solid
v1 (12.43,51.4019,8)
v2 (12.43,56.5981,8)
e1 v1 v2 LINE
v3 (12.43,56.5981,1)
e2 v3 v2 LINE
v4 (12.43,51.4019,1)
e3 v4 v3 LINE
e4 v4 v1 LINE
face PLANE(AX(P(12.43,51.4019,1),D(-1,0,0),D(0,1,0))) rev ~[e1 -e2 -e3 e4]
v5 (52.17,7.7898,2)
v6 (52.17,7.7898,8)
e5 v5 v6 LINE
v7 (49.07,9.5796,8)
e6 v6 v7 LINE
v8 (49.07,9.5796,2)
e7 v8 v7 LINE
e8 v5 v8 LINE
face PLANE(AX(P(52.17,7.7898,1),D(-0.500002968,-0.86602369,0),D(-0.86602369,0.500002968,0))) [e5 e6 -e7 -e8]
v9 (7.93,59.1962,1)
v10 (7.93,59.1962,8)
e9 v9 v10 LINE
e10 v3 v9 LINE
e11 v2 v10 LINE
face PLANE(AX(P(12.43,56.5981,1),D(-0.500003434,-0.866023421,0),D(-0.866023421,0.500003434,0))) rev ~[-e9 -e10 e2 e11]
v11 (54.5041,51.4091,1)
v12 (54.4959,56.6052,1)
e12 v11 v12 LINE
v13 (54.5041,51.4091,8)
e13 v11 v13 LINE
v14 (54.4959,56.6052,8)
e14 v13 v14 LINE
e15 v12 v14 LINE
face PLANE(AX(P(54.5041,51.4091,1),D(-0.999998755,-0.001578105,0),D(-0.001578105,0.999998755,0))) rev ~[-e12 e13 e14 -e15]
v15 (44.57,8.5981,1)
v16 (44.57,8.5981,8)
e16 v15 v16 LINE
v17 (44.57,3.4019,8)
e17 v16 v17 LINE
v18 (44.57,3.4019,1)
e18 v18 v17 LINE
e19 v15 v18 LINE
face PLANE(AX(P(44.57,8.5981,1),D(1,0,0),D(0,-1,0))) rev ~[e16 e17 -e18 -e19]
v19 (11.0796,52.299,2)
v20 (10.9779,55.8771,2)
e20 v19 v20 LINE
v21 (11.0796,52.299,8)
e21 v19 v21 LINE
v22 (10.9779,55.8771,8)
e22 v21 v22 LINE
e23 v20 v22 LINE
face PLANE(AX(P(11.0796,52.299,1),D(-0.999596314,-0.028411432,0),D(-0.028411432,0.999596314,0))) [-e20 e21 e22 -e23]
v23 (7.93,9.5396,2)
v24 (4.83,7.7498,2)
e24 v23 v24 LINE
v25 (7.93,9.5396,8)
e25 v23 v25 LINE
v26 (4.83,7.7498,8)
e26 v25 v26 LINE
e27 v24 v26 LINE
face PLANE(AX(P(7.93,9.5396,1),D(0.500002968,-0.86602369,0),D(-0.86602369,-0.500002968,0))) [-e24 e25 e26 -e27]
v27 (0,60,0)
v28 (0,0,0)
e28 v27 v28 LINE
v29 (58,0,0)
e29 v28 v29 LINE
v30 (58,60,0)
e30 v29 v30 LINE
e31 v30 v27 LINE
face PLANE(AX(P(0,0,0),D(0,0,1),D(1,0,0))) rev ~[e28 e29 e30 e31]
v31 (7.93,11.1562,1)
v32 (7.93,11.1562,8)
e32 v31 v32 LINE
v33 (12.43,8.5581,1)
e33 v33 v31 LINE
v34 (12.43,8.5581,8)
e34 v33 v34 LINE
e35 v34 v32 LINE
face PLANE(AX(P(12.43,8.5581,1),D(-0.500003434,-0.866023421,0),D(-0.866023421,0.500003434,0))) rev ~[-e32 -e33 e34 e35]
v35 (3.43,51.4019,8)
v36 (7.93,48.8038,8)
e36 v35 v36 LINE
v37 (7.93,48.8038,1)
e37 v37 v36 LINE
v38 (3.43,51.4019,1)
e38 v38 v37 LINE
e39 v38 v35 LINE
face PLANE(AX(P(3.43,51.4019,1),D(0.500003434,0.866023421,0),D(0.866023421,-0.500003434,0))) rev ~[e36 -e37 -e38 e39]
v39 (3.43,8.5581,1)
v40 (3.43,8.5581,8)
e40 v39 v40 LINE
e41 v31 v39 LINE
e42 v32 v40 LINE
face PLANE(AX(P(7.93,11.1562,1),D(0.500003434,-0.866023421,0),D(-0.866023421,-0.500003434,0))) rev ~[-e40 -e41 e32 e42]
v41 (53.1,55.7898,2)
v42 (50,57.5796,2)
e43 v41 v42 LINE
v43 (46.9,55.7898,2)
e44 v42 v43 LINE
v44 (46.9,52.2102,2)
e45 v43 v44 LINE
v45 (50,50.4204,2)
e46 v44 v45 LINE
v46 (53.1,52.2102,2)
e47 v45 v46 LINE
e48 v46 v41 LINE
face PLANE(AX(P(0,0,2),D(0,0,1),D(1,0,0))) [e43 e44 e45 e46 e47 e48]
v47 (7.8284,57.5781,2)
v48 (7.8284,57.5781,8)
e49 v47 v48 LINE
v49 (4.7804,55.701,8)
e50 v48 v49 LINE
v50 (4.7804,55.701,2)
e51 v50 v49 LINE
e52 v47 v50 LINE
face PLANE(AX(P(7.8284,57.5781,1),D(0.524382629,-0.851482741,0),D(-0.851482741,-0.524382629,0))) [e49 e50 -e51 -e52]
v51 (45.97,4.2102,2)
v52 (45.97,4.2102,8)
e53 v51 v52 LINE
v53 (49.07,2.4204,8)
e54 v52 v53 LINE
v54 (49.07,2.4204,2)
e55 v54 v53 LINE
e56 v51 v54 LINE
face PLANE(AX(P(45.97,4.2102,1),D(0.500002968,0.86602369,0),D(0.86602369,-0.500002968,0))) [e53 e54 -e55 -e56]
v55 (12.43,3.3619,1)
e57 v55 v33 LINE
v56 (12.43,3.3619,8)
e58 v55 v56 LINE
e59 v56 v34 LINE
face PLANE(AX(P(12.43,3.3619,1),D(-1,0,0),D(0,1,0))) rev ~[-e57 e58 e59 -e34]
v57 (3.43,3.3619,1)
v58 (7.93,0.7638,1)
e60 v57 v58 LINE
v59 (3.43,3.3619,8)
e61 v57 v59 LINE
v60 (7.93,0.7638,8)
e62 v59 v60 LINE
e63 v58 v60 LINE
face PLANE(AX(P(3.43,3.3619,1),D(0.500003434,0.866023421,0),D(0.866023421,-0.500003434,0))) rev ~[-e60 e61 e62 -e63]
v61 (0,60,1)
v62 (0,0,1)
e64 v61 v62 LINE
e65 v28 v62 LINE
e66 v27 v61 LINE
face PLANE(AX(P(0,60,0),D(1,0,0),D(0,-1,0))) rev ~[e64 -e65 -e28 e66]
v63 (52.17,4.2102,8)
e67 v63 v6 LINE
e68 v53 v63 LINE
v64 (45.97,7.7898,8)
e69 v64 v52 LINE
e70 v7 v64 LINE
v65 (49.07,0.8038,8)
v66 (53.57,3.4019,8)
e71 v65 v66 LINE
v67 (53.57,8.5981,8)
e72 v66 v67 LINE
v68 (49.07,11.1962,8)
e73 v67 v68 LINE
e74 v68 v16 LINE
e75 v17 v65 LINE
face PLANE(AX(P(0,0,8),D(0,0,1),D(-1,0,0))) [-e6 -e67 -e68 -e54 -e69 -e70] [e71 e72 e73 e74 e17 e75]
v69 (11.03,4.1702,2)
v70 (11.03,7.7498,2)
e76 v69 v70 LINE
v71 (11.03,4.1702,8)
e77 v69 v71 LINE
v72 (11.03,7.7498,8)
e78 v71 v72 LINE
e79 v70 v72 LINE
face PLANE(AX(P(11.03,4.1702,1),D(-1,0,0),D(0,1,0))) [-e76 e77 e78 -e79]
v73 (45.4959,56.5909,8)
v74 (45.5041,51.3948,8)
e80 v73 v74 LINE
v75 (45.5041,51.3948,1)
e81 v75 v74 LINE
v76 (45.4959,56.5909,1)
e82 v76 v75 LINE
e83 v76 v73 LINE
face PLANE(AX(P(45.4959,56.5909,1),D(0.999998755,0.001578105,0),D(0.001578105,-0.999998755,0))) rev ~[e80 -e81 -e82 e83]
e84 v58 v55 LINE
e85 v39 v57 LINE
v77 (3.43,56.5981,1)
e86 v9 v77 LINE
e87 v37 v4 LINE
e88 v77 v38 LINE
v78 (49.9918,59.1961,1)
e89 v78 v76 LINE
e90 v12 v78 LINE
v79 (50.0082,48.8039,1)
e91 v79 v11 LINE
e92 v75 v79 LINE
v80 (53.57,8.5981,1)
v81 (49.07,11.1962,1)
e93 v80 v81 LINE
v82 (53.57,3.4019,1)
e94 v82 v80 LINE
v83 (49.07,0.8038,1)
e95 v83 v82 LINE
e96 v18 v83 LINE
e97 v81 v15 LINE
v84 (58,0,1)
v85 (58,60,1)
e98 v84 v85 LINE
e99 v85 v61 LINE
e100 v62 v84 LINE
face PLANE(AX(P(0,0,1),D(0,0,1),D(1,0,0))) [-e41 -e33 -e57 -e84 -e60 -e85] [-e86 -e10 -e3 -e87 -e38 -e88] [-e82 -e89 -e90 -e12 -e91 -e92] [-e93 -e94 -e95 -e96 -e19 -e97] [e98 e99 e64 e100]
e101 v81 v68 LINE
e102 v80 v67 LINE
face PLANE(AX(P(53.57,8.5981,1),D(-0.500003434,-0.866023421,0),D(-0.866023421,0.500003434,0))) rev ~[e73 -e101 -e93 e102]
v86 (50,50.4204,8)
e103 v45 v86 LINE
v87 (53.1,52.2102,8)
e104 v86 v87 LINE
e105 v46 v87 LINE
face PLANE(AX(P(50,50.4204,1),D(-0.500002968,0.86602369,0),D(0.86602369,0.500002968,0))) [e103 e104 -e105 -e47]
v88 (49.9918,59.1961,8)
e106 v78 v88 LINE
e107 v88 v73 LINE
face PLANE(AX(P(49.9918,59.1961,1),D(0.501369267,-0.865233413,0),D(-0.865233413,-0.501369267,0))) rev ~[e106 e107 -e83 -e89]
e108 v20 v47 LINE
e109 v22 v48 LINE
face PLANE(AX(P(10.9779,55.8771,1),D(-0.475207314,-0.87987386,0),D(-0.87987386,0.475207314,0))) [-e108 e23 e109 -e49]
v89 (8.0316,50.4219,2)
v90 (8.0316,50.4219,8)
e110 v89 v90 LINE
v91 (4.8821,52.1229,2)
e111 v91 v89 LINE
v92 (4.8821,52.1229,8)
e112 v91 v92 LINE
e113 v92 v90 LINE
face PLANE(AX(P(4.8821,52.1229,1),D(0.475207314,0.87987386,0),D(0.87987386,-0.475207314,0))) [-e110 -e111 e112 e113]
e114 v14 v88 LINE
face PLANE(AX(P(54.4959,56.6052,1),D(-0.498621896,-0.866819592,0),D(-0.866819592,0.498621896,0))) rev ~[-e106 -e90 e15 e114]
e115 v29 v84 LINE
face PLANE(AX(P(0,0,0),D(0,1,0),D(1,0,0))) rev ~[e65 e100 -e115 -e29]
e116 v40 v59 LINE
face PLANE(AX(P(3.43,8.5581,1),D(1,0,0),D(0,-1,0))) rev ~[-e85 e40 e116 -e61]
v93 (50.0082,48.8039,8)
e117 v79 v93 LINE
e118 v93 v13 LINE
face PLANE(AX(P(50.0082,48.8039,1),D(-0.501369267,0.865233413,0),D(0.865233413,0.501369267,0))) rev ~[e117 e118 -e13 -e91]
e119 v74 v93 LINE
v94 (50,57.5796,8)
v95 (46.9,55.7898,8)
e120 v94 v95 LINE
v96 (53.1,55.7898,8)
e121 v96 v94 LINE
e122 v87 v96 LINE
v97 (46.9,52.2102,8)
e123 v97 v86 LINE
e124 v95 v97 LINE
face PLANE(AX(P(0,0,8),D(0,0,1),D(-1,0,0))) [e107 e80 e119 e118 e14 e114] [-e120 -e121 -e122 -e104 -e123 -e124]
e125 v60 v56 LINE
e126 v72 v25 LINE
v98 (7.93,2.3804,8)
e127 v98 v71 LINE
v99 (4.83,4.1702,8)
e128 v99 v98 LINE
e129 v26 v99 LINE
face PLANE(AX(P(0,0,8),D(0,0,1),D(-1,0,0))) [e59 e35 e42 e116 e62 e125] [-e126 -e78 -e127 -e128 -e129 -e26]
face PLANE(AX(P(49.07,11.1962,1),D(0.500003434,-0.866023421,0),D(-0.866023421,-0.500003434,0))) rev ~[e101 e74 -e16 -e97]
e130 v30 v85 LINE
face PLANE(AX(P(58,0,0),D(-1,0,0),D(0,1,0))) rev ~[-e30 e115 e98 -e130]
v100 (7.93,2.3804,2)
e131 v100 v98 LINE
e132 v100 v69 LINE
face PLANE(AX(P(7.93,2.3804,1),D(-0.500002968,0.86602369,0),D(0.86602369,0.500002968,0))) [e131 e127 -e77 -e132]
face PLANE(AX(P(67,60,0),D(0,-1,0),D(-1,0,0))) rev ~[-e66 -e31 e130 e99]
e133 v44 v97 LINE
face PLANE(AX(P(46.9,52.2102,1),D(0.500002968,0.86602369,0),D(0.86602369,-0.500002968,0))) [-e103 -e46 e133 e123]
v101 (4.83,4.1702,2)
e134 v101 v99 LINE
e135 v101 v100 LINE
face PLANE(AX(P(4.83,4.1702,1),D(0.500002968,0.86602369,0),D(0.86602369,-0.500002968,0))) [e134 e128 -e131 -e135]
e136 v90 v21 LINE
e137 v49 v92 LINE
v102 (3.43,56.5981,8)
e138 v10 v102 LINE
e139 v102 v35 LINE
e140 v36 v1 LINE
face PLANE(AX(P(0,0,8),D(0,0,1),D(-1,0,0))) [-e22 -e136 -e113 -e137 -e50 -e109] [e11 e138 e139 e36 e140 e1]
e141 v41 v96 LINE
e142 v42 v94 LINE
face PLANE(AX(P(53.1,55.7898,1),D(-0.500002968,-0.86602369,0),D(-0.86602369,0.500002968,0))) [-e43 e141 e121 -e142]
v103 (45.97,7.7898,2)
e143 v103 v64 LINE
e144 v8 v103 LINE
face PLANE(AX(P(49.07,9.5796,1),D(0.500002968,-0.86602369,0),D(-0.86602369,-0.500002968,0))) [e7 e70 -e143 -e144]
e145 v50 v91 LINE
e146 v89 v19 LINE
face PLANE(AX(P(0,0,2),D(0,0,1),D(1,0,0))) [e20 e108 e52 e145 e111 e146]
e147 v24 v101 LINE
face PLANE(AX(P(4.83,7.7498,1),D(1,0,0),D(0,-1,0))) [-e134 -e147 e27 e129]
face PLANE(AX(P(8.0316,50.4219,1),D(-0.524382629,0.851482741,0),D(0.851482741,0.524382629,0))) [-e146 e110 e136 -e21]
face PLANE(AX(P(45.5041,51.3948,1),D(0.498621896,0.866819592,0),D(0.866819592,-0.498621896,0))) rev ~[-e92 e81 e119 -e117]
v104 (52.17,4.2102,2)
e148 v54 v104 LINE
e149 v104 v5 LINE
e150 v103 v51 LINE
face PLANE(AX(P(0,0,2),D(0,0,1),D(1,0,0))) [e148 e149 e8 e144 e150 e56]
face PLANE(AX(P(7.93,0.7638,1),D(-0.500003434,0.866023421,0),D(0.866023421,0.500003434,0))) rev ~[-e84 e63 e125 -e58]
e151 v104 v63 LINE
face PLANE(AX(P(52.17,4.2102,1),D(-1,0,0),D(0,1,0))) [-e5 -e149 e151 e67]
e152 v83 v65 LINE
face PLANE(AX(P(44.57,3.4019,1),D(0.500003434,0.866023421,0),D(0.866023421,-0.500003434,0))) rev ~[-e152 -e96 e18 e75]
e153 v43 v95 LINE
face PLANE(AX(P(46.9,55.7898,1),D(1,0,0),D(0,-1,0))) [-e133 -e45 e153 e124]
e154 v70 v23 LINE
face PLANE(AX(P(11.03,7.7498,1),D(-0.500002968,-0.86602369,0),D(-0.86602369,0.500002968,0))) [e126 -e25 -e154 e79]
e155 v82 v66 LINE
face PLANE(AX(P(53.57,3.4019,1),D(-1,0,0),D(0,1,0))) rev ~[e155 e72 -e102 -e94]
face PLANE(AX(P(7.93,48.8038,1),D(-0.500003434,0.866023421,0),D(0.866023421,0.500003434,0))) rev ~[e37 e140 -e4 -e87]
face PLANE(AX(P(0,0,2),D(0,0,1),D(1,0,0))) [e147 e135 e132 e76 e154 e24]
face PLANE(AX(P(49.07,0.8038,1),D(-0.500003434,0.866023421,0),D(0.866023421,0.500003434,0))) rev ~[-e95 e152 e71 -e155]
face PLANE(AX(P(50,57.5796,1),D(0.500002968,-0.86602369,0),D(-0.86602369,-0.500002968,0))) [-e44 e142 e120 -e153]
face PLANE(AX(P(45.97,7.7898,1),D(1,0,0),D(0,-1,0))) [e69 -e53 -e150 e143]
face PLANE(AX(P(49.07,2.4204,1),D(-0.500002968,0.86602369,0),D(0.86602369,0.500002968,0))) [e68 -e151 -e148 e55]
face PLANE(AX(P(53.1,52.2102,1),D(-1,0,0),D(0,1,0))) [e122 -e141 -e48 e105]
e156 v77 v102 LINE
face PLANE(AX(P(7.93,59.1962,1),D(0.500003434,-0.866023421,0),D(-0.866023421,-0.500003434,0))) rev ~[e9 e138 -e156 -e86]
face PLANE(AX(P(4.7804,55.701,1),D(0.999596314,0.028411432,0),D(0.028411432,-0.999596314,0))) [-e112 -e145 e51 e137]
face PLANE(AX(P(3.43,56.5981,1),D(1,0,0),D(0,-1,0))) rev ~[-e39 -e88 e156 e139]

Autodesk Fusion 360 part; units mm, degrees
sketch "Sketch1" plane through (0, 0, 0) normal (0, 0, 1) x (1, 0, 0)
  line L0 (0, 0) -> (67, 0)
  line L1 (67, 0) -> (67, 60)
  line L2 (67, 60) -> (0, 60)
  line L3 (0, 60) -> (0, 0)
  dimension "d1" = 67
  dimension "d2" = 60
extrude "Extrude1" add sketch "Sketch1" along normal blind 1 makes body 1
sketch "Sketch2" plane through (0, 0, 1) normal (0, 0, 1) x (-1, 0, 0)
  line L0 (0, -60) -> (0, 0)
  line L1 (0, 0) -> (-67, 0)
  line L2 (-67, 0) -> (-67, -60)
  line L3 (-67, -60) -> (0, -60)
  line L4 (-57, -60) -> (-57, 0)
  line L5 (-10.9779, -55.8771) -> (-7.8284, -57.5781)
  line L6 (-7.8284, -57.5781) -> (-4.7804, -55.701)
  line L7 (-4.7804, -55.701) -> (-4.8821, -52.1229)
  line L8 (-4.8821, -52.1229) -> (-8.0316, -50.4219)
  line L9 (-8.0316, -50.4219) -> (-11.0796, -52.299)
  line L10 (-11.0796, -52.299) -> (-10.9779, -55.8771)
  line L11 (-12.43, -56.5981) -> (-7.93, -59.1962)
  line L12 (-7.93, -59.1962) -> (-3.43, -56.5981)
  line L13 (-3.43, -56.5981) -> (-3.43, -51.4019)
  line L14 (-3.43, -51.4019) -> (-7.93, -48.8038)
  line L15 (-7.93, -48.8038) -> (-12.43, -51.4019)
  line L16 (-12.43, -51.4019) -> (-12.43, -56.5981)
  line L17 (-53.1, -55.7898) -> (-50, -57.5796)
  line L18 (-50, -57.5796) -> (-46.9, -55.7898)
  line L19 (-46.9, -55.7898) -> (-46.9, -52.2102)
  line L20 (-46.9, -52.2102) -> (-50, -50.4204)
  line L21 (-50, -50.4204) -> (-53.1, -52.2102)
  line L22 (-53.1, -52.2102) -> (-53.1, -55.7898)
  line L23 (-54.4959, -56.6052) -> (-49.9918, -59.1961)
  line L24 (-49.9918, -59.1961) -> (-45.4959, -56.5909)
  line L25 (-45.4959, -56.5909) -> (-45.5041, -51.3948)
  line L26 (-45.5041, -51.3948) -> (-50.0082, -48.8039)
  line L27 (-50.0082, -48.8039) -> (-54.5041, -51.4091)
  line L28 (-54.5041, -51.4091) -> (-54.4959, -56.6052)
  line L29 (-11.03, -7.7498) -> (-7.93, -9.5396)
  line L30 (-7.93, -9.5396) -> (-4.83, -7.7498)
  line L31 (-4.83, -7.7498) -> (-4.83, -4.1702)
  line L32 (-4.83, -4.1702) -> (-7.93, -2.3804)
  line L33 (-7.93, -2.3804) -> (-11.03, -4.1702)
  line L34 (-11.03, -4.1702) -> (-11.03, -7.7498)
  line L35 (-12.43, -8.5581) -> (-7.93, -11.1562)
  line L36 (-7.93, -11.1562) -> (-3.43, -8.5581)
  line L37 (-3.43, -8.5581) -> (-3.43, -3.3619)
  line L38 (-3.43, -3.3619) -> (-7.93, -0.7638)
  line L39 (-7.93, -0.7638) -> (-12.43, -3.3619)
  line L40 (-12.43, -3.3619) -> (-12.43, -8.5581)
  line L41 (-52.17, -7.7898) -> (-49.07, -9.5796)
  line L42 (-49.07, -9.5796) -> (-45.97, -7.7898)
  line L43 (-45.97, -7.7898) -> (-45.97, -4.2102)
  line L44 (-45.97, -4.2102) -> (-49.07, -2.4204)
  line L45 (-49.07, -2.4204) -> (-52.17, -4.2102)
  line L46 (-52.17, -4.2102) -> (-52.17, -7.7898)
  line L47 (-53.57, -8.5981) -> (-49.07, -11.1962)
  line L48 (-49.07, -11.1962) -> (-44.57, -8.5981)
  line L49 (-44.57, -8.5981) -> (-44.57, -3.4019)
  line L50 (-44.57, -3.4019) -> (-49.07, -0.8038)
  line L51 (-49.07, -0.8038) -> (-53.57, -3.4019)
  line L52 (-53.57, -3.4019) -> (-53.57, -8.5981)
  point P0 (-7.93, -5.96)
  point P1 (-7.93, -54)
  point P2 (-50, -54)
  point P3 (-49.07, -6)
  point P4 (-7.93, -54)
  point P5 (-7.93, -54)
  point P6 (-50, -54)
  point P7 (-50, -54)
  point P8 (-7.93, -5.96)
  point P9 (-7.93, -5.96)
  point P10 (-49.07, -6)
  point P11 (-49.07, -6)
  dimension "d5" = 48.04
  dimension "d7" = 42.07
  dimension "d8" = 7
  dimension "d9" = 6
  dimension "d10" = 3.1
  dimension "d11" = 4.5
  dimension "d12" = 3.1
  dimension "d13" = 4.5
  dimension "d14" = 3.1
  dimension "d15" = 4.5
  dimension "d16" = 3.1
  dimension "d17" = 4.5
extrude "Extrude2" add sketch "Sketch2" along normal blind 7 contours L11 L12 L13 L14 L15 L16 | L23 L24 L25 L26 L27 L28 | L35 L36 L37 L38 L39 L40 | L47 L48 L49 L50 L51 L52 bodies 1
extrude "Extrude3" cut 1 faces at (67, 20, 0.3333) along direction (-1, 0, 0) blind 9 on bodies 1 bodies 1
extrude "Extrude4" add 4 faces at (8.9799, 53.433, 1) (51.0333, 53.4034, 1) (48.0367, 5.4034, 1) (8.9633, 6.5566, 1) along direction (0, 0, 1) blind 1 on bodies 1 bodies 1
copy_body "Body->Comp1" bodies 1 removing the originals makes body 2 in component "Component"
component "Component" placed x (1, 0, 0) y (0, 1, 0) z (0, 0, 1) at (0, 0, 0)
